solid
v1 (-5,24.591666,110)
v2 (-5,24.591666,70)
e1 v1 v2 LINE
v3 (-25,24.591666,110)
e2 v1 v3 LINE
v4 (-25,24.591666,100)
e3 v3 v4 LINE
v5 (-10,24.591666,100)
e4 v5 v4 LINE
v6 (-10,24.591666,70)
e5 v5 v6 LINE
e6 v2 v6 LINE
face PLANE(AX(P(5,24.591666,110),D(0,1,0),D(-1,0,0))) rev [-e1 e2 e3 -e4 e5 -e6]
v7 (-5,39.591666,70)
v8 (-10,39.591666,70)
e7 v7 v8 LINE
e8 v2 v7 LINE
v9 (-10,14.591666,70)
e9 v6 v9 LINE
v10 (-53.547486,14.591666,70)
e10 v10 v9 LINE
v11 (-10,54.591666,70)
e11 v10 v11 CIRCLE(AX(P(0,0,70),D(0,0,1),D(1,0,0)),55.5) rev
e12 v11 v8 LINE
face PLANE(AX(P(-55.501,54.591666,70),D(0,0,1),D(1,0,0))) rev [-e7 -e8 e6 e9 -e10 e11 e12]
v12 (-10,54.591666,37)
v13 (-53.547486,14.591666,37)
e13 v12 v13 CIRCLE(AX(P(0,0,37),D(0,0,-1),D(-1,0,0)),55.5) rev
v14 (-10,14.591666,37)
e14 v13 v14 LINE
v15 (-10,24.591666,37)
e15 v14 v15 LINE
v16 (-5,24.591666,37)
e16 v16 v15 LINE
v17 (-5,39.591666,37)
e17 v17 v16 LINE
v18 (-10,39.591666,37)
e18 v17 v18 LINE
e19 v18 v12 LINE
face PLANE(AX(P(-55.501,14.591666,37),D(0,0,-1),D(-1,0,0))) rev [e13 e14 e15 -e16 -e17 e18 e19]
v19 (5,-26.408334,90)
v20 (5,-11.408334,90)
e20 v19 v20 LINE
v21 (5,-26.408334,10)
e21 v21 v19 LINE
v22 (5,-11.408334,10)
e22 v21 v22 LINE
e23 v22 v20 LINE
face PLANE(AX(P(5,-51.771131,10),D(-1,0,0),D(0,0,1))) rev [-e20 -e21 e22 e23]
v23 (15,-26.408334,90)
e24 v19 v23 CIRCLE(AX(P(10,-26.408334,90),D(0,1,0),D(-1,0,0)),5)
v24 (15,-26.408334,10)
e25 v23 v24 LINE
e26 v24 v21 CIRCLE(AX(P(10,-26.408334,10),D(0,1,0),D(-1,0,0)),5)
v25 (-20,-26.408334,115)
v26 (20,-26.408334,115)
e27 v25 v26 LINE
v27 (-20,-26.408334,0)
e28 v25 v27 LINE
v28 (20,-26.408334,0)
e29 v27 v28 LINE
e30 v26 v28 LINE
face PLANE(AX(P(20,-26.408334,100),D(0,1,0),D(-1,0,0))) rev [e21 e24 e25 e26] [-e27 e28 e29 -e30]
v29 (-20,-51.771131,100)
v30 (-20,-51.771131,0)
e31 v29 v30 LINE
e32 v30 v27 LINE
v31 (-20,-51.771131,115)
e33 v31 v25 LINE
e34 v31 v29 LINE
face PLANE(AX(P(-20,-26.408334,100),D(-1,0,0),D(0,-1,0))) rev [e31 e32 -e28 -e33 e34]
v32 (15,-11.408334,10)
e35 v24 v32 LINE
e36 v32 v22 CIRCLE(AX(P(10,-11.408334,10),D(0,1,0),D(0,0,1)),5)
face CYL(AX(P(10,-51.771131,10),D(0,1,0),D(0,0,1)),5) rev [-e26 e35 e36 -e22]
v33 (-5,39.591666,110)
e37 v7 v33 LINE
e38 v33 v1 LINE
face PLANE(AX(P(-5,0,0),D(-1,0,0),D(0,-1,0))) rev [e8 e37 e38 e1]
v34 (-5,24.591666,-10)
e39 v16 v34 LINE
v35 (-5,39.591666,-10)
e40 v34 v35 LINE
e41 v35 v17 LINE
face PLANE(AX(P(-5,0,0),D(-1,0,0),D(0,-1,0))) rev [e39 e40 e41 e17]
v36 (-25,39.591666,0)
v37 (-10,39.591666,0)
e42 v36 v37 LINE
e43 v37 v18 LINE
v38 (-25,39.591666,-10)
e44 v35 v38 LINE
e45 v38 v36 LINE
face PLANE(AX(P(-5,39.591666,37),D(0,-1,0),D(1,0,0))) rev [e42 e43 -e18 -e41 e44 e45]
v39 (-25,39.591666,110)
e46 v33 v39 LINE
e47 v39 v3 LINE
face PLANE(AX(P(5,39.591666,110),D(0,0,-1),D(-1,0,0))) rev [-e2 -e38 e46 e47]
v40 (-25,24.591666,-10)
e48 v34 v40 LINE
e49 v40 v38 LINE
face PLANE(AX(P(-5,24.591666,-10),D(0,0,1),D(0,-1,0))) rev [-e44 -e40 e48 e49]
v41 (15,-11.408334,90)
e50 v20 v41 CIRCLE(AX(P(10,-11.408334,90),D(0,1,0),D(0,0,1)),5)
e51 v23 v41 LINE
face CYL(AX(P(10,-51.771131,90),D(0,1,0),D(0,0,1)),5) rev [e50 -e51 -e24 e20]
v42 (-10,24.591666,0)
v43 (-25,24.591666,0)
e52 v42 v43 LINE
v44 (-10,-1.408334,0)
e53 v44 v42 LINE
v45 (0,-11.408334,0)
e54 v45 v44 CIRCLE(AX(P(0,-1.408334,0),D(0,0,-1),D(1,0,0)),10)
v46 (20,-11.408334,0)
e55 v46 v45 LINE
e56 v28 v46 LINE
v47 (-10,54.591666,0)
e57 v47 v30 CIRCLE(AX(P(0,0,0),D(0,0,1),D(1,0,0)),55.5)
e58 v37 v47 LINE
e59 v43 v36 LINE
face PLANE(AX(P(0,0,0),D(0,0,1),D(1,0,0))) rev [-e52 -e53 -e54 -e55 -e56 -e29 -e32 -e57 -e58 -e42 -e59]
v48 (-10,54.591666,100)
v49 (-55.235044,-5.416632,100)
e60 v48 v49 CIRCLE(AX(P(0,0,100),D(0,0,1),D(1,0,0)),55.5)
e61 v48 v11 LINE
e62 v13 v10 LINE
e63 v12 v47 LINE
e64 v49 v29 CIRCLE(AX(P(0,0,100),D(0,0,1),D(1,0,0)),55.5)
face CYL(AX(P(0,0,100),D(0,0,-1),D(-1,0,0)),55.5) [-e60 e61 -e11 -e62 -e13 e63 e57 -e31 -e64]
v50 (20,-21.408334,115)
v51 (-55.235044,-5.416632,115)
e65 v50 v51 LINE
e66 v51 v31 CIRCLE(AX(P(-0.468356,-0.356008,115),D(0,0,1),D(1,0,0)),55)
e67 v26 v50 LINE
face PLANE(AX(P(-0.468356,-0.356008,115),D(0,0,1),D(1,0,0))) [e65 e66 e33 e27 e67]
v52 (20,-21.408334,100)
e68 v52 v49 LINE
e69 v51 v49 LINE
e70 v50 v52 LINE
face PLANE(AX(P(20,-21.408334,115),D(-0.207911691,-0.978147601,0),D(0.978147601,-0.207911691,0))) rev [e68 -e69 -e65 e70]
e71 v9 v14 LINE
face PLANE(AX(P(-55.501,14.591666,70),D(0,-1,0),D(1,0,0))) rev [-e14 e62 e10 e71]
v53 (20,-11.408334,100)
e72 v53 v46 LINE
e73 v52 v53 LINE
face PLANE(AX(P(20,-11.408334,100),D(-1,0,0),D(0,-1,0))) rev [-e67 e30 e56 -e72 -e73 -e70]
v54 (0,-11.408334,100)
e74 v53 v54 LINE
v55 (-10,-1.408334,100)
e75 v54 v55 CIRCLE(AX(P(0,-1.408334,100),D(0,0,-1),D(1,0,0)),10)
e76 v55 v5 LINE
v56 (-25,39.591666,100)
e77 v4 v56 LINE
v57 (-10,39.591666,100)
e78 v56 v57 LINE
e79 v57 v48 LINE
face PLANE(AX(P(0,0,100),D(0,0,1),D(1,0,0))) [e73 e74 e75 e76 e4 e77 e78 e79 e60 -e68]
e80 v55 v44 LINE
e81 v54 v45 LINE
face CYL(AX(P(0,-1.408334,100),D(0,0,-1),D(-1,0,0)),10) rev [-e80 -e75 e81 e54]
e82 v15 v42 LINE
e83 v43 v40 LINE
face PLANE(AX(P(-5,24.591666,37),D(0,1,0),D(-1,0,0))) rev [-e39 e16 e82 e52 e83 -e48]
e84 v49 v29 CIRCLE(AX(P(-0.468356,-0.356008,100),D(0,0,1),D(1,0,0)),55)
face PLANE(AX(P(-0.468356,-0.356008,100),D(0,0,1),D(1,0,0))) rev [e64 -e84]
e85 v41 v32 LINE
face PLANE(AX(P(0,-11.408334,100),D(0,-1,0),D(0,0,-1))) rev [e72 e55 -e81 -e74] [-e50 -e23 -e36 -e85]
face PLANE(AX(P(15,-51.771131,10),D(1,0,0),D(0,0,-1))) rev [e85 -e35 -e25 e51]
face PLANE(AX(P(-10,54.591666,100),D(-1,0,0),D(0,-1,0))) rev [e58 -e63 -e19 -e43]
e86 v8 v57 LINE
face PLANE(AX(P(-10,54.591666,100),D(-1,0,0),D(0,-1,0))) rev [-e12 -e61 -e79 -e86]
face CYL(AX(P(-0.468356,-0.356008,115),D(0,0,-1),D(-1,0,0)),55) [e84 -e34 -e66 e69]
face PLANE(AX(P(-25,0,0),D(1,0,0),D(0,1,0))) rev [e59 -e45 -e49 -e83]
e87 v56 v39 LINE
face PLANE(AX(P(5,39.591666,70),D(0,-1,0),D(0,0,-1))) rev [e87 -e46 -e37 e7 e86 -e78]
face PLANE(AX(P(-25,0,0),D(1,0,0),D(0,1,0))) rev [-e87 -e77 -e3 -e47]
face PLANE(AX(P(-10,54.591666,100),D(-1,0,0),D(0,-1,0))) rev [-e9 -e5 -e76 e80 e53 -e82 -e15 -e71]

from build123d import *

# Parameters (mm, degrees)
BOSS_EXTRUDE1_DEPTH     = 100
CUT_EXTRUDE1_REACH      = 124.68
CUT_EXTRUDE1_END_RADIUS = 55.5
SKETCH4_W               = 33
SKETCH4_H               = 40
SKETCH5_W               = 40
SKETCH5_H               = 15
BOSS_EXTRUDE2_DEPTH     = 15
SKETCH6_W               = 40
SKETCH6_H               = 15
CUT_EXTRUDE2_DEPTH      = 10
SKETCH7_W               = 47
SKETCH7_H               = 15
BOSS_EXTRUDE3_DEPTH     = 5
SKETCH8_W               = 47
SKETCH8_H               = 15
BOSS_EXTRUDE4_DEPTH     = 20
CUT_EXTRUDE3_DEPTH      = 140.772135993
BOSS_EXTRUDE5_DEPTH     = 15


with BuildPart() as part:
    # Sketch1 → Boss-Extrude1 (new body)
    with BuildSketch(Plane.XY):
        with BuildLine():
            Line((-10, 54.591666031), (-10, -1.408333969))
            ThreePointArc((-10, -1.408333969), (-7.071067812, -8.479401781), (0, -11.408333969))
            Line((0, -11.408333969), (20, -11.408333969))
            Line((20, -11.408333969), (20, -26.408333969))
            Line((20, -26.408333969), (-20, -26.408333969))
            Line((-20, -26.408333969), (-20, -51.771130952))
            ThreePointArc((-20, -51.771130952), (-55.256322222, 5.195079839), (-10, 54.591666031))
        make_face()
    extrude(amount=BOSS_EXTRUDE1_DEPTH)

    # Cut-Extrude1: up to this cylinder (the profile starts inside it)
    cut_extrude1_end = Plane(origin=(0, 0, 53.5), z_dir=(0, 0, -1)) * Cylinder(CUT_EXTRUDE1_END_RADIUS, 361.36, mode=Mode.PRIVATE)
    # Sketch4 → Cut-Extrude1 (cut, up to the surface)
    with BuildSketch(Plane(origin=(-10, 0, 0), x_dir=(0, 0, -1), z_dir=(1, 0, 0)), mode=Mode.PRIVATE) as cut_extrude1_sk1:
        with Locations((-53.5, 34.591666031)):
            Rectangle(SKETCH4_W, SKETCH4_H)
    cut_extrude1_tool1 = extrude(cut_extrude1_sk1.sketch, amount=-CUT_EXTRUDE1_REACH, mode=Mode.PRIVATE) & cut_extrude1_end
    add(cut_extrude1_tool1.solids().sort_by_distance((-10, 34.591666, 53.5))[0], mode=Mode.SUBTRACT)

    # Sketch5 → Boss-Extrude2 (add, symmetric)
    with BuildSketch(Plane(origin=(-10, 0, 0), x_dir=(0, 0, -1), z_dir=(1, 0, 0))):
        with Locations((-90, 32.091666031)):
            Rectangle(SKETCH5_W, SKETCH5_H)
    extrude(amount=BOSS_EXTRUDE2_DEPTH, both=True)

    # Sketch6 → Cut-Extrude2 (cut)
    with BuildSketch(Plane(origin=(5, 0, 0), x_dir=(0, 0, -1), z_dir=(1, 0, 0))):
        with Locations((-90, 32.091666031)):
            Rectangle(SKETCH6_W, SKETCH6_H)
    extrude(amount=-CUT_EXTRUDE2_DEPTH, mode=Mode.SUBTRACT)

    # Sketch7 → Boss-Extrude3 (add, symmetric)
    with BuildSketch(Plane(origin=(-10, 0, 0), x_dir=(0, 0, -1), z_dir=(1, 0, 0))):
        with Locations((-13.5, 32.091666031)):
            Rectangle(SKETCH7_W, SKETCH7_H)
    extrude(amount=BOSS_EXTRUDE3_DEPTH, both=True)

    # Sketch8 → Boss-Extrude4 (add)
    with BuildSketch(Plane(origin=(-5, 0, 0), x_dir=(0, 0, -1), z_dir=(1, 0, 0))):
        with Locations((-13.5, 32.091666031)):
            Rectangle(SKETCH8_W, SKETCH8_H)
    extrude(amount=-BOSS_EXTRUDE4_DEPTH)

    # Sketch9 → Cut-Extrude3 (cut, through all)
    with BuildSketch(Plane(origin=(0, -11.408333969, 0), x_dir=(1, 0, 0), z_dir=(0, 1, 0))):
        with BuildLine():
            Line((15, -10), (15, -90))
            ThreePointArc((15, -90), (10, -95), (5, -90))
            Line((5, -90), (5, -10))
            ThreePointArc((5, -10), (10, -5), (15, -10))
        make_face()
    extrude(amount=-CUT_EXTRUDE3_DEPTH, mode=Mode.SUBTRACT)

    # Sketch10 → Boss-Extrude5 (add)
    with BuildSketch(Plane.XY.offset(100)):
        with BuildLine():
            Line((20, -26.408333969), (20, -21.408333969))
            Line((20, -21.408333969), (-55.235044142, -5.416631669))
            ThreePointArc((-55.235044142, -5.416631669), (-44.254717417, -33.638955135), (-20, -51.771130952))
            Line((-20, -51.771130952), (-20, -26.408333969))
            Line((-20, -26.408333969), (20, -26.408333969))
        make_face()
    extrude(amount=BOSS_EXTRUDE5_DEPTH)


solid = part.part
